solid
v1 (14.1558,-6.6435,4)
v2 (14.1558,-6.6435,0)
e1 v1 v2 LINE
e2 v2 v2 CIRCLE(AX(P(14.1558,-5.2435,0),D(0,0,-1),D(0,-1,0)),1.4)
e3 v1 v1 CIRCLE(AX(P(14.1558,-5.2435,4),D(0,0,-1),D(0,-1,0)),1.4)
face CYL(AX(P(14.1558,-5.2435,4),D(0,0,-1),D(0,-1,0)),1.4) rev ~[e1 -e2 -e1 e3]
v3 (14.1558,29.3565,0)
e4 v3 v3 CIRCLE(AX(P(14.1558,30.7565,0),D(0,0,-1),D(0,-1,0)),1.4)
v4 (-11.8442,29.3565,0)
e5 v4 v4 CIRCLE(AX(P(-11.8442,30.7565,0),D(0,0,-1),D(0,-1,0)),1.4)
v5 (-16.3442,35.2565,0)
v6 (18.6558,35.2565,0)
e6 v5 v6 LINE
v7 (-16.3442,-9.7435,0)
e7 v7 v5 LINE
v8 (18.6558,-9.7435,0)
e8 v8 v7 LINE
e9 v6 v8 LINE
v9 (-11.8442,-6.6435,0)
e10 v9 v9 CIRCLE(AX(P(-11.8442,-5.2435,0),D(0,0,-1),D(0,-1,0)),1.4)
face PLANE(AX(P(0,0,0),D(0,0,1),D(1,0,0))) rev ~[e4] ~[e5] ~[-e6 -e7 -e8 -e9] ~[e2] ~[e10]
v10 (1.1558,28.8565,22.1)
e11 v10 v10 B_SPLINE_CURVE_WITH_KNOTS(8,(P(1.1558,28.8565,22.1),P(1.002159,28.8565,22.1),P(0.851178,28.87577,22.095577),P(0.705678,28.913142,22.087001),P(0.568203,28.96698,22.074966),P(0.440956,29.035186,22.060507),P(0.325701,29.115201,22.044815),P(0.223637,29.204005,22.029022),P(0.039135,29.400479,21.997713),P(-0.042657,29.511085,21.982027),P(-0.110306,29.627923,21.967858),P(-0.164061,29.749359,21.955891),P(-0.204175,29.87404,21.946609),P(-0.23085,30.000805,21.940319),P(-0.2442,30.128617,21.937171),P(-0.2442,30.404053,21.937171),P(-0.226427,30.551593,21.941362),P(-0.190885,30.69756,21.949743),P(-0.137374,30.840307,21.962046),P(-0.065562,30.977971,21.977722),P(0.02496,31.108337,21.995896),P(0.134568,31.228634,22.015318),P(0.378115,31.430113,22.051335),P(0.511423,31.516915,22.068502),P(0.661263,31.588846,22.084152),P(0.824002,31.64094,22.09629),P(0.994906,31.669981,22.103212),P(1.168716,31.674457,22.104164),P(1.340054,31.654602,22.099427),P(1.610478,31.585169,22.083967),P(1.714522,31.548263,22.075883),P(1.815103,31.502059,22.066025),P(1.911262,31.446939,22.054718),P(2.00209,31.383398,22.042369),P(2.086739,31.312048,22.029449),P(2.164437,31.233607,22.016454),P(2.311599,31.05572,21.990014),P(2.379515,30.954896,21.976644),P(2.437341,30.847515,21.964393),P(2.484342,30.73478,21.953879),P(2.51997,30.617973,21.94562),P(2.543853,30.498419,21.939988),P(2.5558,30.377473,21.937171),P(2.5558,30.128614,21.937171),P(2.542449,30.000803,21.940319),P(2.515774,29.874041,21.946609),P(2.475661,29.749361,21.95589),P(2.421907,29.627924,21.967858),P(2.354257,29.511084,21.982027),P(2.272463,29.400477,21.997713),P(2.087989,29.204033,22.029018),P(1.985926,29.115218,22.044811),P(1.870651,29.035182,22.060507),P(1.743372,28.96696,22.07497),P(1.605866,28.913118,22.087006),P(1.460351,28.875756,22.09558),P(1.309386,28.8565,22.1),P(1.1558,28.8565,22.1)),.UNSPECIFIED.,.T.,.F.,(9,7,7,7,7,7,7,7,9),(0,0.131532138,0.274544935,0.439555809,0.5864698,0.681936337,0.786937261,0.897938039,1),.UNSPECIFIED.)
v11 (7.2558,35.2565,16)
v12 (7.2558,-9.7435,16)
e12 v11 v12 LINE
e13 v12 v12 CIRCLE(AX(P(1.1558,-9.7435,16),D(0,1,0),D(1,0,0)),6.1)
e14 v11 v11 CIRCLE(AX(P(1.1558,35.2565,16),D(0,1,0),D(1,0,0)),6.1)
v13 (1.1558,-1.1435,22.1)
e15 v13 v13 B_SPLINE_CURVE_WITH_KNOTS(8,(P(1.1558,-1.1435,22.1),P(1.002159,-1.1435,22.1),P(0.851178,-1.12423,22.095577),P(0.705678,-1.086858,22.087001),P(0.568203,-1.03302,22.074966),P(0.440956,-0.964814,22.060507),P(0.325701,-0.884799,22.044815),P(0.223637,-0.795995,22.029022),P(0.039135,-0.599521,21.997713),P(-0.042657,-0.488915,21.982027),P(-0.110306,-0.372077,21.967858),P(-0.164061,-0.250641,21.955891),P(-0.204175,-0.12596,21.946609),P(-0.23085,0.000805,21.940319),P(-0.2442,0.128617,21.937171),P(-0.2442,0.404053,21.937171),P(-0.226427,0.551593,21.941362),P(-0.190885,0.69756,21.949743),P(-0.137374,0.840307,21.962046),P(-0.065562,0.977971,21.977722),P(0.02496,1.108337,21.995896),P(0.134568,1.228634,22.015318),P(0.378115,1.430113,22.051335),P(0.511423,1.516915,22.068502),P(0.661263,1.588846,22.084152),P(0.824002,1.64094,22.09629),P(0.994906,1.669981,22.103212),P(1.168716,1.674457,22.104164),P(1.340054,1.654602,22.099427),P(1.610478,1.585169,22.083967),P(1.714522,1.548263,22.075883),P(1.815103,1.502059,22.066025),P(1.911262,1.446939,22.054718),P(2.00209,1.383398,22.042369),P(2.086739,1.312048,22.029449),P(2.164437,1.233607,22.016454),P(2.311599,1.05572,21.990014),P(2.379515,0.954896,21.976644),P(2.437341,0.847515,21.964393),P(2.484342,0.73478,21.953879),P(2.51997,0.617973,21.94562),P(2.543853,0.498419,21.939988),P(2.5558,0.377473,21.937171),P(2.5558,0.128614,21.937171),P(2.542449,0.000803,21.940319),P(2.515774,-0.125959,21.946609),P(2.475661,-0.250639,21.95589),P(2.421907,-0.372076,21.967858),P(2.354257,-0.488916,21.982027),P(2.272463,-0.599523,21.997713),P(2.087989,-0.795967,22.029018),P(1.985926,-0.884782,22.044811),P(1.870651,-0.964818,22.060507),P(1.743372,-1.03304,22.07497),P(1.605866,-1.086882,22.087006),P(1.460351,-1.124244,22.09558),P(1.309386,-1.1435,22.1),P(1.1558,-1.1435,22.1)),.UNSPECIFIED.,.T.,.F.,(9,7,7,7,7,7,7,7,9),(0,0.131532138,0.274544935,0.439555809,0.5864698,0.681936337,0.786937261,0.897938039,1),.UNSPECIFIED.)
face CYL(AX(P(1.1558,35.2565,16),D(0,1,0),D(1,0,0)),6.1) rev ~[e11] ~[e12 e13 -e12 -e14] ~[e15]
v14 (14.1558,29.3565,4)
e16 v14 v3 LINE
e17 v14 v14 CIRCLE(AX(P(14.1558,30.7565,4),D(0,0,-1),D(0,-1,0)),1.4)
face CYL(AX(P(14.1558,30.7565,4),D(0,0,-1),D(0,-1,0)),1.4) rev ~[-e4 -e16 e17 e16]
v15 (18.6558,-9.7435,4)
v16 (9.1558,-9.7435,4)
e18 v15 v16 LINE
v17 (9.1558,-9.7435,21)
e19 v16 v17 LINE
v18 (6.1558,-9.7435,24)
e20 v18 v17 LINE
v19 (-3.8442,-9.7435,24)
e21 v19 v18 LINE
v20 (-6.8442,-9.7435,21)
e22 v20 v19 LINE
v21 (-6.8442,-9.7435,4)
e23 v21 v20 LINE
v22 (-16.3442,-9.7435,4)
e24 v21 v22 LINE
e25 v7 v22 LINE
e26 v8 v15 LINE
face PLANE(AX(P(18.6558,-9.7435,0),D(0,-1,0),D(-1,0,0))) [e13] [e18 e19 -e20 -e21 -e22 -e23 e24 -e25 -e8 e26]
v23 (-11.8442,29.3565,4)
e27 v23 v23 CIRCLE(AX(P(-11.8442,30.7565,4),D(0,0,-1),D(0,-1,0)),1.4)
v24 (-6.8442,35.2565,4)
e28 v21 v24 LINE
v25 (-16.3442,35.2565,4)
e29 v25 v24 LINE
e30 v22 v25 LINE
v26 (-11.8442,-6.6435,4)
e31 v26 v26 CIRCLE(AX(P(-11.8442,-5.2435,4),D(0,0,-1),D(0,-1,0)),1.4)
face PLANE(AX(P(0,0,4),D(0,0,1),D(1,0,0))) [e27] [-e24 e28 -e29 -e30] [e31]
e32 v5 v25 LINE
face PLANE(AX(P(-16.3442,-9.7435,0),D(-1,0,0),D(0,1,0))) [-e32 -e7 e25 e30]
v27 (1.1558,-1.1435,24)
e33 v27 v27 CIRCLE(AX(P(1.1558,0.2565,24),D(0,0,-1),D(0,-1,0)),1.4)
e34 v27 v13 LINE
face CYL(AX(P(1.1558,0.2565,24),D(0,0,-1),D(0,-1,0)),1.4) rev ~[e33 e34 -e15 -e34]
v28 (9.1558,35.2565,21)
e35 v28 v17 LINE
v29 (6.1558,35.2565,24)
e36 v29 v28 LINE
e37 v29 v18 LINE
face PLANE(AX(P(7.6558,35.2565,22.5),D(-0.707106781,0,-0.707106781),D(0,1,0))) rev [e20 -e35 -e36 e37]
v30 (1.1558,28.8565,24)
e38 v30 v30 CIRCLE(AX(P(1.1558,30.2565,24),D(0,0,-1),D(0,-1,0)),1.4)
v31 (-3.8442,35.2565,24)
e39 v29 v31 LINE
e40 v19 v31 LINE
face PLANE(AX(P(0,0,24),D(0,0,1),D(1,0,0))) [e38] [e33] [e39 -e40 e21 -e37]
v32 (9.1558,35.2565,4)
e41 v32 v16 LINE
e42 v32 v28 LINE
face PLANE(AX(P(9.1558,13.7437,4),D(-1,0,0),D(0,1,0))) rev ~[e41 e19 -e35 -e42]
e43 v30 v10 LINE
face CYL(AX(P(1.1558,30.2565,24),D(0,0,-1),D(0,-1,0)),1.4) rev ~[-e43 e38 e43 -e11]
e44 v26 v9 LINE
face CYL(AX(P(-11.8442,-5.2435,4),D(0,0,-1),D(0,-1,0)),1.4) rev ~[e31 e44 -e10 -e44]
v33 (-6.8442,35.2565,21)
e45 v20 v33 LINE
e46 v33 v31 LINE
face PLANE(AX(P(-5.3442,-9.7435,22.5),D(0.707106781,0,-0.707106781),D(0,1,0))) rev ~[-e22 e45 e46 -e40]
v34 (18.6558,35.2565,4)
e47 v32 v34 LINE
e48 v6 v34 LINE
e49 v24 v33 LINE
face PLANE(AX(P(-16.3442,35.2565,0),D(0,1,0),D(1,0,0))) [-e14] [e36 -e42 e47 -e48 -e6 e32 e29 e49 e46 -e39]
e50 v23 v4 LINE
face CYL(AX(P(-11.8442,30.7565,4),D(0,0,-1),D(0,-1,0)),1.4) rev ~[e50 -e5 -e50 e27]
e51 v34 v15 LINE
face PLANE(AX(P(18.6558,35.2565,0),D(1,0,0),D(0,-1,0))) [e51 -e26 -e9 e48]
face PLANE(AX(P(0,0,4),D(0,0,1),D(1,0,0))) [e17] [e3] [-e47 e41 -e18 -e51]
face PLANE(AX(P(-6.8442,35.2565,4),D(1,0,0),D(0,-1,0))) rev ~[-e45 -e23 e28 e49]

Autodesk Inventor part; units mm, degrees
ref_plane "YZ Plane" through (0, 0, 0) normal (1, 0, 0) x (0, 1, 0)
ref_plane "XZ Plane" through (0, 0, 0) normal (0, 1, 0) x (-1, 0, 0)
ref_plane "XY Plane" through (0, 0, 0) normal (0, 0, 1) x (1, 0, 0)
sketch "Sketch1" plane through (0, 0, 0) normal (0, 0, 1) x (1, 0, 0)
  line L0 (-16.3442, 35.2565) -> (18.6558, 35.2565)
  line L1 (18.6558, 35.2565) -> (18.6558, -9.7435)
  line L2 (18.6558, -9.7435) -> (-16.3442, -9.7435)
  line L3 (-16.3442, -9.7435) -> (-16.3442, 35.2565)
  point P0 (0, 0)
  dimension "d0" = 35
  dimension "d1" = 45
extrude "Extrusion1" add sketch "Sketch1" along normal blind 4
sketch "Sketch2" plane through (0, 0, 4) normal (0, 0, 1) x (1, 0, 0)
  line L0 (-6.8442, -9.7435) -> (9.1558, -9.7435)
  line L1 (9.1558, -9.7435) -> (9.1558, 35.2565)
  line L2 (9.1558, 35.2565) -> (-6.8442, 35.2565)
  line L3 (-6.8442, 35.2565) -> (-6.8442, -9.7435)
  line L4 (-16.3442, -9.7435) -> (18.6558, -9.7435) projected
  line L5 (18.6558, 35.2565) -> (-16.3442, 35.2565) projected
  line L6 (-6.8442, 14.4079) -> (-16.3442, 14.4079)
  line L7 (-16.3442, 35.2565) -> (-16.3442, -9.7435) projected
  line L8 (9.1558, 13.7437) -> (18.6558, 13.7437)
  line L9 (18.6558, -9.7435) -> (18.6558, 35.2565) projected
  point P0 (0, 0)
  dimension "d4" = 16
extrude "Extrusion2" add sketch "Sketch2" along normal blind 20 contours L3 L2 L1 L0
sketch "Sketch3" plane through (-16.3442, 35.2565, 0) normal (0, 1, 0) x (1, 0, 0)
  circle A0 centre (17.5, -16) radius 6.1
  line L0 (25.5, -4) -> (25.5, -24) projected
  line L1 (25.5, -24) -> (9.5, -24) projected
  point P0 (16.3442, 0)
  dimension "d7" = 12.2
  dimension "d8" = 8
  dimension "d9" = 8
extrude "Extrusion3" cut sketch "Sketch3" against normal blind 45
chamfer "Chamfer1" distance 3 angle 45 2 edges at (-6.8442, 12.7565, 24) (9.1558, 12.7565, 24)
sketch "Sketch4" plane through (0, 0, 24) normal (0, 0, 1) x (1, 0, 0)
  line L0 (6.1558, 35.2565) -> (-3.8442, 35.2565) projected
  line L1 (6.1558, 35.2565) -> (6.1558, -9.7435) projected
  line L2 (-3.8442, -9.7435) -> (6.1558, -9.7435) projected
  point P0 (0, 0)
  point P1 (1.1558, 30.2565)
  point P2 (1.1558, 0.2565)
  dimension "d15" = 5
  dimension "d16" = 5
  dimension "d17" = 10
  dimension "d18" = 5
hole "Hole1" at (1.1558, 30.2565, 24) at (1.1558, 0.2565, 24) direction (0, 0, -1) diameter 2.8 depth 10
sketch "Sketch5" plane through (0, 0, 4) normal (0, 0, 1) x (1, 0, 0)
  line L0 (-6.8442, 35.2565) -> (-16.3442, 35.2565) projected
  line L1 (-16.3442, 35.2565) -> (-16.3442, -9.7435) projected
  point P0 (0, 0)
  point P1 (-11.8442, 30.7565)
  dimension "d26" = 4.5
  dimension "d27" = 4.5
hole "Hole2" at (-11.8442, 30.7565, 4) direction (0, 0, -1) diameter 2.8 depth 10
pattern_linear "Rectangular Pattern1" count 2 spacing 26 along (1, 0, 0) count 2 spacing 36 along (0, -1, 0) of "Hole2"
properties part number "microscope mount"
